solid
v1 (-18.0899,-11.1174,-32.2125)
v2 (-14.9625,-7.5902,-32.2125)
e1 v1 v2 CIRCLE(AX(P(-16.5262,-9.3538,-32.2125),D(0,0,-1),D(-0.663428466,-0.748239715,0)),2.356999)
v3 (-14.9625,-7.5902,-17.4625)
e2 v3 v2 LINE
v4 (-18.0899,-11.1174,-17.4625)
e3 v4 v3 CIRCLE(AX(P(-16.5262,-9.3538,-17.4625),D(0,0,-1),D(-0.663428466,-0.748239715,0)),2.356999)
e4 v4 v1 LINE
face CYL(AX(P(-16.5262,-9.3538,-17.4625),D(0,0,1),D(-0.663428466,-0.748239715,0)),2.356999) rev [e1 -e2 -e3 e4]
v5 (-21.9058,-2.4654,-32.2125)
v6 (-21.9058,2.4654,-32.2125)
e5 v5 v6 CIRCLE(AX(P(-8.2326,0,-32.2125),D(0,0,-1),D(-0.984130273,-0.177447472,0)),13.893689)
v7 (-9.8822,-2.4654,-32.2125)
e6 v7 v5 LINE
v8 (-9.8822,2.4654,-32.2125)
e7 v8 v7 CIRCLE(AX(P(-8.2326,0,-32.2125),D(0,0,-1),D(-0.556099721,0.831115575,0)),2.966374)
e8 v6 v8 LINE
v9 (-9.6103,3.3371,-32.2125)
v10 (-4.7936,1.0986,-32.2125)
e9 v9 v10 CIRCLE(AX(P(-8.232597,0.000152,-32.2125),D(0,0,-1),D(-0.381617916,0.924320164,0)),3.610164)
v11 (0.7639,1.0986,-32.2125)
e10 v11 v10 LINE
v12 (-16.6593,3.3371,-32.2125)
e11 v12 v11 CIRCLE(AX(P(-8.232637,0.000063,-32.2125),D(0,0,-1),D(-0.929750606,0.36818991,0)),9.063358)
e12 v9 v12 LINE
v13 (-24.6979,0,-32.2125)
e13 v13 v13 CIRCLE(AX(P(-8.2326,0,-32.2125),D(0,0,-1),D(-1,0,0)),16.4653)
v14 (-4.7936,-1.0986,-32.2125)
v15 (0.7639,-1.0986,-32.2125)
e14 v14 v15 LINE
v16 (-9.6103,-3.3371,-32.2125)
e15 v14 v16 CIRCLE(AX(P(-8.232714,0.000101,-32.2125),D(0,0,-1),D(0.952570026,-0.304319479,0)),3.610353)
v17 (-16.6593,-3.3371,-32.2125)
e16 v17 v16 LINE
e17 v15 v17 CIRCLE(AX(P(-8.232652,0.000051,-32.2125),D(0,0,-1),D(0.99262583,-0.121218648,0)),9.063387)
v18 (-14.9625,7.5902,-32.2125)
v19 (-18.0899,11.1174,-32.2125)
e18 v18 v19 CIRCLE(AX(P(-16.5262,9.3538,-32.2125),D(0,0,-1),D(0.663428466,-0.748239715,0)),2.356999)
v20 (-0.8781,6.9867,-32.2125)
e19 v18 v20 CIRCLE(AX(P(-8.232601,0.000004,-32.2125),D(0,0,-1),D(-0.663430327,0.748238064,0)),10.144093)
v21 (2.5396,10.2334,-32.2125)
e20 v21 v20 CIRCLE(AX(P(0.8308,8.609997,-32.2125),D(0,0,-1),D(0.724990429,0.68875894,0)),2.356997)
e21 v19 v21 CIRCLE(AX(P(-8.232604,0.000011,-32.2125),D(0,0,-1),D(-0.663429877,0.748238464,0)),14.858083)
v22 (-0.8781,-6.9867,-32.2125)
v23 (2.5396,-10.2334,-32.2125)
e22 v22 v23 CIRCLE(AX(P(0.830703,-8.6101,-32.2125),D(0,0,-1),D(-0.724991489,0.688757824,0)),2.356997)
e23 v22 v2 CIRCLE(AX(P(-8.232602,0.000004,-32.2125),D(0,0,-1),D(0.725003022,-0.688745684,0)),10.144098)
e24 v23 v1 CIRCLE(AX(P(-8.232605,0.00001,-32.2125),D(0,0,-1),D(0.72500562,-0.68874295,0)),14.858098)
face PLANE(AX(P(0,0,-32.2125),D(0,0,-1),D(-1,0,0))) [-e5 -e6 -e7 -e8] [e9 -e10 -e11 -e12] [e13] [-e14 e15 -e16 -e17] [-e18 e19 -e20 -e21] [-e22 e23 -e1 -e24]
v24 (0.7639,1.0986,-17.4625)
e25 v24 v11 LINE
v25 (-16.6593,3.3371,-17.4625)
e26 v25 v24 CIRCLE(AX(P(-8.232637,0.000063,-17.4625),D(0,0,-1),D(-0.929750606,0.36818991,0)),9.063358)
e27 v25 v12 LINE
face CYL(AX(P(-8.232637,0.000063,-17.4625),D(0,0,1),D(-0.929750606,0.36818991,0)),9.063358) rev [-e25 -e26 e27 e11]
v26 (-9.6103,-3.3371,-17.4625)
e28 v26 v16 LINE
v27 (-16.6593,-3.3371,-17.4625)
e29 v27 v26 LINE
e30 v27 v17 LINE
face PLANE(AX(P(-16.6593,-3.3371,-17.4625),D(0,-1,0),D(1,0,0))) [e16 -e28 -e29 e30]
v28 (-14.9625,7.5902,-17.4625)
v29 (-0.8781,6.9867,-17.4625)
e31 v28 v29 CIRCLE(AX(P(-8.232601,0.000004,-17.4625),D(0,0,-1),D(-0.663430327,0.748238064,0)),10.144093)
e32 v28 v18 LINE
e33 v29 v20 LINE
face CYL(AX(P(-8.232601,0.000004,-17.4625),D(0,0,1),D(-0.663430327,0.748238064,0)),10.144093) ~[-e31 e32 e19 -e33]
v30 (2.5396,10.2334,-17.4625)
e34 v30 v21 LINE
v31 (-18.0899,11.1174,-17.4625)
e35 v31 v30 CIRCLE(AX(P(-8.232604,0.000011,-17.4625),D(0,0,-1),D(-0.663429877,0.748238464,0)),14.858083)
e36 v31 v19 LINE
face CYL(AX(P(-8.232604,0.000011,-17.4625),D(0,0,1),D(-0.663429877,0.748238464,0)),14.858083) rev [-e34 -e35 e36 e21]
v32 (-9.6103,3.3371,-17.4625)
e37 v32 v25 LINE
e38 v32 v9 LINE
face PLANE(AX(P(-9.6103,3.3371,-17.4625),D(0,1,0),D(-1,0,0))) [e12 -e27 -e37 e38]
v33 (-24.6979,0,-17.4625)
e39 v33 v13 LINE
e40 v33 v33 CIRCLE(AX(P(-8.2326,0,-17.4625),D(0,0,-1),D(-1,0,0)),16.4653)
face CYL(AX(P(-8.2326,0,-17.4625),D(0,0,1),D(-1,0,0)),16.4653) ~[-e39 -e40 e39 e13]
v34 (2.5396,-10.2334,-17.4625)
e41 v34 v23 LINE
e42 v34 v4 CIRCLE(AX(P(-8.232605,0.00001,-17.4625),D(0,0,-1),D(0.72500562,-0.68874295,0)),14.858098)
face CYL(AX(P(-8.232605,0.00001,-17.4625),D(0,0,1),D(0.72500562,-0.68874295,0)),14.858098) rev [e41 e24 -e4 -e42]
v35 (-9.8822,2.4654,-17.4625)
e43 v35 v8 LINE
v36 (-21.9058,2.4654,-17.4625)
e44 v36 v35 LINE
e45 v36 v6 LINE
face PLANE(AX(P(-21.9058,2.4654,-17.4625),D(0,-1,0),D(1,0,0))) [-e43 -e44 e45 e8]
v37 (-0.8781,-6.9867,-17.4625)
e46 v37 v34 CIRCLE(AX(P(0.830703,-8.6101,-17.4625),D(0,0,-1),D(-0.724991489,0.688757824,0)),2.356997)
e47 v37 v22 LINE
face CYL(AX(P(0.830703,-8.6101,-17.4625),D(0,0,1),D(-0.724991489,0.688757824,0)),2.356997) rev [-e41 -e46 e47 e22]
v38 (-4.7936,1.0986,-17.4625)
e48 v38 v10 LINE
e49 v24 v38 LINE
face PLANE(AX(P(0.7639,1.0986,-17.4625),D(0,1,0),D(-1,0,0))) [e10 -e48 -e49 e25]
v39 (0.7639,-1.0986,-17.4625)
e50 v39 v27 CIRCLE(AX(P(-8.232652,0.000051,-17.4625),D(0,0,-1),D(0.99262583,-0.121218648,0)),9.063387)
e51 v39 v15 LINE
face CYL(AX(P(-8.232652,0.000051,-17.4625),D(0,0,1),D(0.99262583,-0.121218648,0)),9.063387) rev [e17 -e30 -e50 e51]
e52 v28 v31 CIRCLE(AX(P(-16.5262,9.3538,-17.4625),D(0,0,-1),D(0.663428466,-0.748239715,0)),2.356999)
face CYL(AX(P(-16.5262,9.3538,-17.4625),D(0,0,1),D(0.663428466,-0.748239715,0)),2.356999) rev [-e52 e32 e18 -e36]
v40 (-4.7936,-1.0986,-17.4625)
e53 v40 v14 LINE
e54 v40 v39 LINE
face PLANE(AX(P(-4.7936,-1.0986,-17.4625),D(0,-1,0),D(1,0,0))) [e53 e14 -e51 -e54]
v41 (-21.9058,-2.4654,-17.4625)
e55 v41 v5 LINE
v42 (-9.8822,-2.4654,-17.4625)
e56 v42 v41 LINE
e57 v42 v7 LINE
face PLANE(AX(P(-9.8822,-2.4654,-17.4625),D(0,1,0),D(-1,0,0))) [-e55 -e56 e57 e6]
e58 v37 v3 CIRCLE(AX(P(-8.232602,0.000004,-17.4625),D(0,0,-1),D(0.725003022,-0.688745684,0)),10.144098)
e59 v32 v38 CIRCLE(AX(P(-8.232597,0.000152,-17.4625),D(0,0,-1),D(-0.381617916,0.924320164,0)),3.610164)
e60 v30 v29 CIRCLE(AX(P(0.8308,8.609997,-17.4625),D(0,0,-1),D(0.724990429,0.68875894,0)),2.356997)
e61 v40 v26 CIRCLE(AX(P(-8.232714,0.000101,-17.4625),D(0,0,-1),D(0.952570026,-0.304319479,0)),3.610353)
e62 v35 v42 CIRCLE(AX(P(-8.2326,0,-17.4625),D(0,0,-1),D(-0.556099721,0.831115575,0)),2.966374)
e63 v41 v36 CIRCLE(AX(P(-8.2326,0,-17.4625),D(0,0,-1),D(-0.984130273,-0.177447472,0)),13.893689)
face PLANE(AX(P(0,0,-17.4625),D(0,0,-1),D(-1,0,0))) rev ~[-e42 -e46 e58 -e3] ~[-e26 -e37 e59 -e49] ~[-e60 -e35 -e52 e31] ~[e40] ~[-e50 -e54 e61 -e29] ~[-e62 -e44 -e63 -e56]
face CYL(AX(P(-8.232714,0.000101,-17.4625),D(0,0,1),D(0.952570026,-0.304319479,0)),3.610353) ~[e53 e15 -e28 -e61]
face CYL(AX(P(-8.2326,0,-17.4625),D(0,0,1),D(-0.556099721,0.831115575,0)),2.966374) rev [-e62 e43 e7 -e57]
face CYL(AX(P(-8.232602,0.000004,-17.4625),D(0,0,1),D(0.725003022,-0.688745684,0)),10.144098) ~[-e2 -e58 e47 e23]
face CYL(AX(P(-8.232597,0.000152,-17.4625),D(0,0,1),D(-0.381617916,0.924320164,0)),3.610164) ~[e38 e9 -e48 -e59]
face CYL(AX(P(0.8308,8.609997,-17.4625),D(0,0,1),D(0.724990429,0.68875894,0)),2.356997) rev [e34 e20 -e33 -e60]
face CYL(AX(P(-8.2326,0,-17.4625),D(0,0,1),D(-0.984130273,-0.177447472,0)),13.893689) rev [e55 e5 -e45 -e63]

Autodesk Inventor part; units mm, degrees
ref_plane "YZ Plane" through (0, 0, 0) normal (1, 0, 0) x (0, 1, 0)
ref_plane "XZ Plane" through (0, 0, 0) normal (0, 1, 0) x (-1, 0, 0)
ref_plane "Work Plane1" through (0, 0, -17.4625) normal (0, 0, -1) x (-1, 0, 0)
sketch "Sketch1" plane through (0, 0, -17.4625) normal (0, 0, -1) x (-1, 0, 0)
  line L0 (21.9058, 2.4654) -> (9.8822, 2.4654) projected
  arc A0 (9.8822, 2.4654) -> (9.8822, -2.4654) centre (8.2326, 0) ccw projected
  line L1 (9.8822, -2.4654) -> (21.9058, -2.4654) projected
  arc A1 (21.9058, -2.4654) -> (21.9058, 2.4654) centre (8.2326, 0) ccw projected
  circle A2 centre (8.2326, 0) radius 16.4653 projected
  line L2 (-0.7639, 1.0986) -> (4.7936, 1.0986) projected
  arc A3 (9.6103, 3.3371) -> (4.7936, 1.0986) centre (8.2326, 0) ccw projected
  line L3 (9.6103, 3.3371) -> (16.6593, 3.3371) projected
  arc A4 (16.6593, 3.3371) -> (-0.7639, 1.0986) centre (8.2326, 0) ccw projected
  arc A5 (18.0899, 11.1174) -> (-2.5396, 10.2334) centre (8.2326, 0) ccw projected
  arc A6 (-2.5396, 10.2334) -> (0.8781, 6.9867) centre (-0.8307, 8.61) ccw projected
  arc A7 (14.9625, 7.5902) -> (0.8781, 6.9867) centre (8.2326, 0) ccw projected
  arc A8 (14.9625, 7.5902) -> (18.0899, 11.1174) centre (16.5262, 9.3538) ccw projected
  arc A9 (-2.5396, -10.2334) -> (18.0899, -11.1174) centre (8.2326, 0) ccw projected
  arc A10 (18.0899, -11.1174) -> (14.9625, -7.5902) centre (16.5262, -9.3538) ccw projected
  arc A11 (0.8781, -6.9867) -> (14.9625, -7.5902) centre (8.2326, 0) ccw projected
  arc A12 (0.8781, -6.9867) -> (-2.5396, -10.2334) centre (-0.8307, -8.61) ccw projected
  line L4 (16.6593, -3.3371) -> (9.6103, -3.3371) projected
  arc A13 (4.7936, -1.0986) -> (9.6103, -3.3371) centre (8.2326, 0) ccw projected
  line L5 (4.7936, -1.0986) -> (-0.7639, -1.0986) projected
  arc A14 (-0.7639, -1.0986) -> (16.6593, -3.3371) centre (8.2326, 0) ccw projected
  point P0 (0, 0)
extrude "Extrusion1" add sketch "Sketch1" along normal blind 14.75
ref_plane "Work Plane2" through (-8.2326, 0, -24.8375) normal (0, 0, -1) x (-1, 0, 0)
